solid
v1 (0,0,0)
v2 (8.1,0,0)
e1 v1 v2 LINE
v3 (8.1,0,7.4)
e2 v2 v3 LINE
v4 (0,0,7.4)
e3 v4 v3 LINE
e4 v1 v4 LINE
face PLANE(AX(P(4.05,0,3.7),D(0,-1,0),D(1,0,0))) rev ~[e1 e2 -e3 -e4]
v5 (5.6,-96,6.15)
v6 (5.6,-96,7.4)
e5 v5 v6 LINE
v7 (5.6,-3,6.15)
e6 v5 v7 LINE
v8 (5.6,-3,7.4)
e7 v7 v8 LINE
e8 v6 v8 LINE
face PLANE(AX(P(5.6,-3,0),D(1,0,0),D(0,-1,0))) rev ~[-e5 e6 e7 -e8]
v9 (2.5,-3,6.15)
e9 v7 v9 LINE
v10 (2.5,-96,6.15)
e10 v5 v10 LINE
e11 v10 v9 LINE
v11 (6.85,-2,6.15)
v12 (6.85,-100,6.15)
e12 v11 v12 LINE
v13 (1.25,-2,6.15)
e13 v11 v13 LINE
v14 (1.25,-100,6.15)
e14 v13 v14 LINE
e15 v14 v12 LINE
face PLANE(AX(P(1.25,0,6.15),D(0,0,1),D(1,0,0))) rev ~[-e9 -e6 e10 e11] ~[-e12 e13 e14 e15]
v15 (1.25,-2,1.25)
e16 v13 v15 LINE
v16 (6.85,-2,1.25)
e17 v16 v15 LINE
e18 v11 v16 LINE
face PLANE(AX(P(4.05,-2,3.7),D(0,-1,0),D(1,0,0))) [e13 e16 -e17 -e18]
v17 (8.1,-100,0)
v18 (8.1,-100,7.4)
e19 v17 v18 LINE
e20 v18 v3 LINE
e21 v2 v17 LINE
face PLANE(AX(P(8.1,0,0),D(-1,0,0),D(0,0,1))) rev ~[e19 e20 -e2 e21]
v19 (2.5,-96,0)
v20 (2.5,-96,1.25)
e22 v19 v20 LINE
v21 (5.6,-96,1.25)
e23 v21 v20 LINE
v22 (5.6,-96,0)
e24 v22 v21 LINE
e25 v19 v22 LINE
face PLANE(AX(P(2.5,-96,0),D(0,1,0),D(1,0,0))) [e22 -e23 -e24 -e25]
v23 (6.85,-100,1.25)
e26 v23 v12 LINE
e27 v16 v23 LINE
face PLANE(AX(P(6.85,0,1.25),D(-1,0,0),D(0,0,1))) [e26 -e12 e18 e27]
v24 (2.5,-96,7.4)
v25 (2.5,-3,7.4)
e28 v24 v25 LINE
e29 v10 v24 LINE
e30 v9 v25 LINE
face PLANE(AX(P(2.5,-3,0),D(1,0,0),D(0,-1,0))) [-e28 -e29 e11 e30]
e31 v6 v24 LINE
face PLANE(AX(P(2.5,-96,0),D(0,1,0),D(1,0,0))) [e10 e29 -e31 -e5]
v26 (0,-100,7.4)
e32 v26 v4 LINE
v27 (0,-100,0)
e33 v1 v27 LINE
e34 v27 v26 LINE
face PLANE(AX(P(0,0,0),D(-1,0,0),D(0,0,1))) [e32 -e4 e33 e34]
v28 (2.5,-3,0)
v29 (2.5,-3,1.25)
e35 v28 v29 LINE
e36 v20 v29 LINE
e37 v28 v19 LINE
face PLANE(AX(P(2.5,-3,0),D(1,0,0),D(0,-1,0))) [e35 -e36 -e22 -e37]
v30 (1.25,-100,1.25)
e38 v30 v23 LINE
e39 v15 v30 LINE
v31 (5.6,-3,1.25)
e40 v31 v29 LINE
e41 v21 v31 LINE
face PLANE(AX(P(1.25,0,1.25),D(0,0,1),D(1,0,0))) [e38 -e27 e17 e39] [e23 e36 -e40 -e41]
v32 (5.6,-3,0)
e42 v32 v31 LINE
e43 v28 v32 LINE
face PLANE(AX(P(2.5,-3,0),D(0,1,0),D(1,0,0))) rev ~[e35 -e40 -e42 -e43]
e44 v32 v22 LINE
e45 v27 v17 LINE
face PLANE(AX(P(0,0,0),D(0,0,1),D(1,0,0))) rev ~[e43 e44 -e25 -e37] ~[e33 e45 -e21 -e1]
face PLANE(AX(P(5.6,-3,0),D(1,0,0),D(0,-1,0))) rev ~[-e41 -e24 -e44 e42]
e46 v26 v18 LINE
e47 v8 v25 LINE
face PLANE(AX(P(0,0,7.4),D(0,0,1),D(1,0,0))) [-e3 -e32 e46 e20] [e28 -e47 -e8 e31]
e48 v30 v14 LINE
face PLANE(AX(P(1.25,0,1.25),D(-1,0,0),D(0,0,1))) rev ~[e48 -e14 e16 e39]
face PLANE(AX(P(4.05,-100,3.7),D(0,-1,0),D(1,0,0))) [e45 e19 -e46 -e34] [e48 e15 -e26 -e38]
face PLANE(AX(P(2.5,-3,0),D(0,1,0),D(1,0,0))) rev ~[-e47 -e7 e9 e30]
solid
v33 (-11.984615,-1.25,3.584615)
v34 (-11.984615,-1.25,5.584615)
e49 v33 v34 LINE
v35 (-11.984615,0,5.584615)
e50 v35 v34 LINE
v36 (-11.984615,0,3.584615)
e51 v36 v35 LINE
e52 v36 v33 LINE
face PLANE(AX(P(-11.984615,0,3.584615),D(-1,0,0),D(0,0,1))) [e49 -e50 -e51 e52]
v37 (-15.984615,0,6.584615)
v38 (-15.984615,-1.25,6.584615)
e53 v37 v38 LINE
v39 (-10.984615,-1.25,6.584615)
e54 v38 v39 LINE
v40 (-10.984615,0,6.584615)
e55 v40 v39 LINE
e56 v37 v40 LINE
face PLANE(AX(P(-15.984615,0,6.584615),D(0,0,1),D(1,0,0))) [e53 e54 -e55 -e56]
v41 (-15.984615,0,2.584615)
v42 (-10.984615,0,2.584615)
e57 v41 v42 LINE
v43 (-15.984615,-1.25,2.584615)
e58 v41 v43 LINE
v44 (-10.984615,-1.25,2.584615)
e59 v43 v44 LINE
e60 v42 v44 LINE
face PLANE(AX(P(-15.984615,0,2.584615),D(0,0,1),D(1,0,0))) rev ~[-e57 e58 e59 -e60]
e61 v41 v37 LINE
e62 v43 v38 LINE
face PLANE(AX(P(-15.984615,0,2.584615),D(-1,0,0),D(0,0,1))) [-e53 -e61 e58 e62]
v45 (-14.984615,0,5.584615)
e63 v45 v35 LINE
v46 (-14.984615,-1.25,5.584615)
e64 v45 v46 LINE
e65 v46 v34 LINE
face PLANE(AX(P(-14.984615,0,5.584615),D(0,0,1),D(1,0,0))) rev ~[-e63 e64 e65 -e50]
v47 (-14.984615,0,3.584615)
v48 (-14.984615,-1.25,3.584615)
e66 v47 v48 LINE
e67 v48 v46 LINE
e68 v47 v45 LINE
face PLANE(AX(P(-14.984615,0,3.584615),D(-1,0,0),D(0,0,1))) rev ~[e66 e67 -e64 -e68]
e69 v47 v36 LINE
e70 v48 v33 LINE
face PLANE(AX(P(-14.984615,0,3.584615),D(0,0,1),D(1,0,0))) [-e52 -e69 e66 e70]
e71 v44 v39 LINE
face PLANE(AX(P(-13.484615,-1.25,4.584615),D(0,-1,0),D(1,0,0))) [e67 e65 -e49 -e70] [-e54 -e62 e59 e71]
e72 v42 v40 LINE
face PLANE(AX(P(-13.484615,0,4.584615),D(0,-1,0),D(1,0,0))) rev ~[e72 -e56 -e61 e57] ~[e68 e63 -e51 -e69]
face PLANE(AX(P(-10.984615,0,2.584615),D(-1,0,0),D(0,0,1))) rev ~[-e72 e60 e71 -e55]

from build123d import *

# Parameters (mm, degrees)
F0_W     = 8.1
F0_H     = 7.4
F0_W_2   = 5.6
F0_H_2   = 4.9
F1_DEPTH = 2
F2_DEPTH = 100
F3_W     = 3.1
F3_H     = 93
F4_DEPTH = 25
F6_W     = 5
F6_H     = 4
F6_W_2   = 3
F6_H_2   = 2
F7_DEPTH = 1.25


with BuildPart() as f1:
    # F0 (on Front) → F1 (new body)
    with BuildSketch(Plane.XZ):
        with Locations((4.05, 3.7)):
            Rectangle(F0_W, F0_H)
        with Locations((4.05, 3.7)):
            Rectangle(F0_W_2, F0_H_2, mode=Mode.SUBTRACT)
        with Locations((4.05, 3.7)):
            Rectangle(F0_W_2, F0_H_2)
    extrude(amount=F1_DEPTH)

    # F0 (on Front) → F2 (join)
    with BuildSketch(Plane.XZ):
        with Locations((4.05, 3.7)):
            Rectangle(F0_W, F0_H)
        with Locations((4.05, 3.7)):
            Rectangle(F0_W_2, F0_H_2, mode=Mode.SUBTRACT)
    extrude(amount=F2_DEPTH)

    # F3 (on face) → F4 (cut)
    with BuildSketch(Plane(origin=(0, 0, 0), x_dir=(1, 0, 0), z_dir=(0, 0, -1))):
        with Locations((4.05, 49.5)):
            Rectangle(F3_W, F3_H)
    extrude(amount=-F4_DEPTH, mode=Mode.SUBTRACT)


with BuildPart() as f7:
    # F6 (on Front) → F7 (new body)
    with BuildSketch(Plane.XZ):
        with Locations((-13.484615, 4.584615)):
            Rectangle(F6_W, F6_H)
        with Locations((-13.484615, 4.584615)):
            Rectangle(F6_W_2, F6_H_2, mode=Mode.SUBTRACT)
    extrude(amount=F7_DEPTH)


solid = Compound([f1.part, f7.part])
